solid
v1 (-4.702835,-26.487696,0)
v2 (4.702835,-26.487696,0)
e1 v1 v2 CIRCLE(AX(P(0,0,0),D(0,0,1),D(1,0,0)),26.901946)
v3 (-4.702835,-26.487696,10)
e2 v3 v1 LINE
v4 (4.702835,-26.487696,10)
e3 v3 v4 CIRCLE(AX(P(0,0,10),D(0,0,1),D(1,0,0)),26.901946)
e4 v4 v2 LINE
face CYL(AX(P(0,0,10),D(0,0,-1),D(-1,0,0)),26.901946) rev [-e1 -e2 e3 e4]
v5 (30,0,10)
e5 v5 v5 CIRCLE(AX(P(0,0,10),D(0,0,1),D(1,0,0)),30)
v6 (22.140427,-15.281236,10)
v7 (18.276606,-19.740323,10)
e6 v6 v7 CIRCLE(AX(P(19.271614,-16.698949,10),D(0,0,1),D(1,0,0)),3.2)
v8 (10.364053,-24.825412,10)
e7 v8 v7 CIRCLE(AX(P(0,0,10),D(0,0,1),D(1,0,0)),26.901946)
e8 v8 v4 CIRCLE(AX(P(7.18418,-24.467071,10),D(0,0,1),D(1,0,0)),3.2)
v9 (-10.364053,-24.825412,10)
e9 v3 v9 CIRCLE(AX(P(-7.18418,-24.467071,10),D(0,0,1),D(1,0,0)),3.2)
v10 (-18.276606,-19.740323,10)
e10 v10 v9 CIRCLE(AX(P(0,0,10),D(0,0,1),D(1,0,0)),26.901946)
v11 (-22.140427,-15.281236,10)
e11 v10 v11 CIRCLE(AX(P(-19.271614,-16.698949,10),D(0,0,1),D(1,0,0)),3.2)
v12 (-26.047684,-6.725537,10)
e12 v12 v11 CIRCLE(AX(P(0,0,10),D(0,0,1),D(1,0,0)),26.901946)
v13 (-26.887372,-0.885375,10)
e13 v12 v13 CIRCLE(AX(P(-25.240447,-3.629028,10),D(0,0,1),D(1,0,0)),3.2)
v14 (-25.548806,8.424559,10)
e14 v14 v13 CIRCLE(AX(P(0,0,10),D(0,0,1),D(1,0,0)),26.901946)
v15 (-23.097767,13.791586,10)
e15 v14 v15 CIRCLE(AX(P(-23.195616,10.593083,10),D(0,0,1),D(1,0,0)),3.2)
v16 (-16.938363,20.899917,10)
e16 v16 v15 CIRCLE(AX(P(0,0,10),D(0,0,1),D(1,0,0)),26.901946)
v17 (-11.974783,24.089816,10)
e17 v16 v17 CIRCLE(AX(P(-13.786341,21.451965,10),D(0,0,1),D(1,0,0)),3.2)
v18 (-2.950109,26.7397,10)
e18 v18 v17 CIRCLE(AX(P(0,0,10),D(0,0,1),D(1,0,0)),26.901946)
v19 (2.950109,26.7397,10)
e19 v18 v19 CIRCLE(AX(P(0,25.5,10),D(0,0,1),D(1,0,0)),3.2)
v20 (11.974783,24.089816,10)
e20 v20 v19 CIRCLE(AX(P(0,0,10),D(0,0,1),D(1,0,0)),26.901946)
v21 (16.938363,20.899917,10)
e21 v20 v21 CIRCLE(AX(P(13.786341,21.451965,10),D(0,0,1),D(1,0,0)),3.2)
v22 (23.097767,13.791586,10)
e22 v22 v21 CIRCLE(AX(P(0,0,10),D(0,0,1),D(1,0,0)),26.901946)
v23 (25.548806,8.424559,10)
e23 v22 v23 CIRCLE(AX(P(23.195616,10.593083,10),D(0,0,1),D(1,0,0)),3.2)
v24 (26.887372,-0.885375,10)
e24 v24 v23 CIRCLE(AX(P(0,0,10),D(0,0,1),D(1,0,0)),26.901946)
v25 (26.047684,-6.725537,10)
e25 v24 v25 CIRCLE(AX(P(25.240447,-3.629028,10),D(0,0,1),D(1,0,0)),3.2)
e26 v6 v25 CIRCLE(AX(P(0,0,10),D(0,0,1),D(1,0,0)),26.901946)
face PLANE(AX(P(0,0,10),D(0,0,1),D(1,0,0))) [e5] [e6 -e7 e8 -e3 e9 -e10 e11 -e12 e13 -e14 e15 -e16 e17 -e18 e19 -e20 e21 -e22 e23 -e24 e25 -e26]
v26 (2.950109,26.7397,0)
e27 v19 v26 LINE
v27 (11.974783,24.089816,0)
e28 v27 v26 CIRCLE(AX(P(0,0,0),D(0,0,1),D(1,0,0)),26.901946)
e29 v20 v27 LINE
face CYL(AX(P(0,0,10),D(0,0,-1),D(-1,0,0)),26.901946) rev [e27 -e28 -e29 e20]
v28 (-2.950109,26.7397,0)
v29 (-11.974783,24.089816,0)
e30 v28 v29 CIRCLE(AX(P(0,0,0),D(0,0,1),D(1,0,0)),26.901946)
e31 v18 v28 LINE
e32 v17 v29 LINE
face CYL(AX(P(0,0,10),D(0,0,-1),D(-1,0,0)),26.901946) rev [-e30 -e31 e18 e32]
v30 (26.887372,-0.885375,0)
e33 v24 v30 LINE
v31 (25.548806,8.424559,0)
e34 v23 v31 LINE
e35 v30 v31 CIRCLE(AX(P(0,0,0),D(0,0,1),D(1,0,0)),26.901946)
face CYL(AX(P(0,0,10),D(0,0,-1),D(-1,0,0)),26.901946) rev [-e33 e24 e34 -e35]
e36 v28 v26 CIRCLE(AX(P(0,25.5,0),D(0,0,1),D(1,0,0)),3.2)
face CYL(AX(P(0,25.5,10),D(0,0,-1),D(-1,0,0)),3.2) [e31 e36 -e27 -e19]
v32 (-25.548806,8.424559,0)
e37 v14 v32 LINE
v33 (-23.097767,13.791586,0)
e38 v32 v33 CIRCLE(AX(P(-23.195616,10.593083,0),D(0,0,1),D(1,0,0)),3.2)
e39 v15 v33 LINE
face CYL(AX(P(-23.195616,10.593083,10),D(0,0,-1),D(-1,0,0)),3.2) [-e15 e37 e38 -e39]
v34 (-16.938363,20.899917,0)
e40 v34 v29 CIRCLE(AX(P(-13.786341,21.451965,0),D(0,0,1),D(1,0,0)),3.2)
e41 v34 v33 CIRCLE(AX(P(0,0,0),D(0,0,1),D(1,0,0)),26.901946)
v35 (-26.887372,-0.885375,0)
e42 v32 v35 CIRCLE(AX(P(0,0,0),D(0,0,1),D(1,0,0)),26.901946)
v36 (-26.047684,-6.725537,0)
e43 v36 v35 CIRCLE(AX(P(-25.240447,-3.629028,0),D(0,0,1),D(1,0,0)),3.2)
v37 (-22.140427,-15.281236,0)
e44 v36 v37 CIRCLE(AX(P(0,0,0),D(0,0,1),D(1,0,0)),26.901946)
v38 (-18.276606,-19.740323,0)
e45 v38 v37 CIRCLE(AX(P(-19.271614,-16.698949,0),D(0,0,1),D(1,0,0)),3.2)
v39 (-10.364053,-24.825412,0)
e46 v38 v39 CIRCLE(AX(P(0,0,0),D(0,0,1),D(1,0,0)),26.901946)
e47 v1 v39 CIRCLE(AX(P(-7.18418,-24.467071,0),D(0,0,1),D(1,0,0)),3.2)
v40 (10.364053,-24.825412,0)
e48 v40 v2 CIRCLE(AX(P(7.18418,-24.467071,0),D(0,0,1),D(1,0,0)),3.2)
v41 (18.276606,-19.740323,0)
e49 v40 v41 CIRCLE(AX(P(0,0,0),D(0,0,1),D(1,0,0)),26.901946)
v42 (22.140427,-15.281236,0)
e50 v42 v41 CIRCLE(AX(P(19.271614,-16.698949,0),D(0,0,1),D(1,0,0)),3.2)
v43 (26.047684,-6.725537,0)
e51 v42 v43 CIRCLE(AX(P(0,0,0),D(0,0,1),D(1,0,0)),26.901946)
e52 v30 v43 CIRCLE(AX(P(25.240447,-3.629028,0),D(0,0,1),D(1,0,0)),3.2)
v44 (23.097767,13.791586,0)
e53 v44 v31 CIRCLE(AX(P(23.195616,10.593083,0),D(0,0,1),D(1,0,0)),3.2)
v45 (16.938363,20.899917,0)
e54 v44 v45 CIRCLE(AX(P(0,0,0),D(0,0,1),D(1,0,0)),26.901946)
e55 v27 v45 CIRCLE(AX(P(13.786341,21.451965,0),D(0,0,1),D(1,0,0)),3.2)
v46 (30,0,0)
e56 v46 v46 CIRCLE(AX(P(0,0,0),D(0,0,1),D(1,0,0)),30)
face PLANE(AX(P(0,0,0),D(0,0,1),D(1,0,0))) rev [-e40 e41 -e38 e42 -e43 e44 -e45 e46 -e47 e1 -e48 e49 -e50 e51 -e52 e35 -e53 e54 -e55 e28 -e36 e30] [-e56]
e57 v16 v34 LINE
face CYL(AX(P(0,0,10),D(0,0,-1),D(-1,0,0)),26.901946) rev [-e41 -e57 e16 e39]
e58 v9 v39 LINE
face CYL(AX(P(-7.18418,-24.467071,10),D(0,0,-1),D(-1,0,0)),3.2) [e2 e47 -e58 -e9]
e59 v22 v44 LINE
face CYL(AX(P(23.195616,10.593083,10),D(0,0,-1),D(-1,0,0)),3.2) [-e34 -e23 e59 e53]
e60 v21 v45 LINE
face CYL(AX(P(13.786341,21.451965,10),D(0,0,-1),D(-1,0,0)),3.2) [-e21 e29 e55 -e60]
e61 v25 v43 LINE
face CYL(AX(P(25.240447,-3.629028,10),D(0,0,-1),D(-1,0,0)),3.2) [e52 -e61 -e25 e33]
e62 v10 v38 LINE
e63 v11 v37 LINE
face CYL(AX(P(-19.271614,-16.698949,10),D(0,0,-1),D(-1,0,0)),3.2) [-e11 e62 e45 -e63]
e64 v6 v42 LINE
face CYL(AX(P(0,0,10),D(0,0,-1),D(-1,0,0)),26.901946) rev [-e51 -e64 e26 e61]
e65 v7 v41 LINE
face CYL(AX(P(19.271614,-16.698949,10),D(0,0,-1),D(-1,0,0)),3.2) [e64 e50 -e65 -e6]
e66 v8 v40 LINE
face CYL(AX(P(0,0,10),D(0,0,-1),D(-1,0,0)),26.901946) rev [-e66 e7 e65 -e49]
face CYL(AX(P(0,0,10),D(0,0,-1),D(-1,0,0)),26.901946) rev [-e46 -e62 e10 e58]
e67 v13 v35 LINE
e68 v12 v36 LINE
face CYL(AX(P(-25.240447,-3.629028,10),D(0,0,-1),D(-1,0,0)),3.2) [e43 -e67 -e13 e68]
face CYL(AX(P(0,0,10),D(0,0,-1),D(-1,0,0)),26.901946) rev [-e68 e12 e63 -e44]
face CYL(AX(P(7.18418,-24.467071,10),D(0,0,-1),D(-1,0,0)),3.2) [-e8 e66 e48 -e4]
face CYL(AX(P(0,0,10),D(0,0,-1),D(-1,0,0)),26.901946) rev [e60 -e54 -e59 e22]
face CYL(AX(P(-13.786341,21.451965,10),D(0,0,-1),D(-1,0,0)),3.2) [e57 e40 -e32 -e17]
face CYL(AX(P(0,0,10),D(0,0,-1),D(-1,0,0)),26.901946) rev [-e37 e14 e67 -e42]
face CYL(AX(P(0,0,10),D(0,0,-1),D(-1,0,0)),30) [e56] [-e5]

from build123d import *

# Parameters (mm, degrees)
SKETCH1_R           = 30
BOSS_EXTRUDE2_DEPTH = 10


with BuildPart() as part:
    # Sketch1 → Boss-Extrude2 (new body)
    with BuildSketch(Plane.XY):
        Circle(SKETCH1_R)
        with BuildLine():
            ThreePointArc((23.097766714, 13.791586472), (20.284793496, 9.26375479), (25.548806069, 8.424558923))
            ThreePointArc((25.548806069, 8.424558923), (26.628122722, 3.828546057), (26.887372433, -0.885374634))
            ThreePointArc((26.887372433, -0.885374634), (22.073018154, -3.173620893), (26.047683788, -6.725537442))
            ThreePointArc((26.047683788, -6.725537442), (24.470870582, -11.175472139), (22.140427382, -15.28123555))
            ThreePointArc((22.140427382, -15.28123555), (16.853215508, -14.603394367), (18.276605948, -19.740323189))
            ThreePointArc((18.276605948, -19.740323189), (14.544289936, -22.631356894), (10.364053074, -24.825412151))
            ThreePointArc((10.364053074, -24.825412151), (6.282636018, -21.396693312), (4.702834857, -26.487695802))
            ThreePointArc((4.702834857, -26.487695802), (0, -26.90194574), (-4.702834857, -26.487695802))
            ThreePointArc((-4.702834857, -26.487695802), (-6.282636018, -21.396693312), (-10.364053074, -24.825412151))
            ThreePointArc((-10.364053074, -24.825412151), (-14.544289936, -22.631356894), (-18.276605948, -19.740323189))
            ThreePointArc((-18.276605948, -19.740323189), (-16.853215508, -14.603394367), (-22.140427382, -15.28123555))
            ThreePointArc((-22.140427382, -15.28123555), (-24.470870582, -11.175472139), (-26.047683788, -6.725537442))
            ThreePointArc((-26.047683788, -6.725537442), (-22.073018154, -3.173620893), (-26.887372433, -0.885374634))
            ThreePointArc((-26.887372433, -0.885374634), (-26.628122722, 3.828546057), (-25.548806069, 8.424558923))
            ThreePointArc((-25.548806069, 8.424558923), (-20.284793496, 9.26375479), (-23.097766714, 13.791586472))
            ThreePointArc((-23.097766714, 13.791586472), (-20.331134042, 17.617027932), (-16.938362942, 20.899917355))
            ThreePointArc((-16.938362942, 20.899917355), (-12.056290229, 18.759953782), (-11.974783264, 24.089816321))
            ThreePointArc((-11.974783264, 24.089816321), (-7.579153957, 25.812227914), (-2.950109262, 26.739699698))
            ThreePointArc((-2.950109262, 26.739699698), (0, 22.3), (2.950109262, 26.739699698))
            ThreePointArc((2.950109262, 26.739699698), (7.579153957, 25.812227914), (11.974783264, 24.089816321))
            ThreePointArc((11.974783264, 24.089816321), (12.056290229, 18.759953782), (16.938362942, 20.899917355))
            ThreePointArc((16.938362942, 20.899917355), (20.331134042, 17.617027932), (23.097766714, 13.791586472))
        make_face(mode=Mode.SUBTRACT)
    extrude(amount=BOSS_EXTRUDE2_DEPTH)


solid = part.part
